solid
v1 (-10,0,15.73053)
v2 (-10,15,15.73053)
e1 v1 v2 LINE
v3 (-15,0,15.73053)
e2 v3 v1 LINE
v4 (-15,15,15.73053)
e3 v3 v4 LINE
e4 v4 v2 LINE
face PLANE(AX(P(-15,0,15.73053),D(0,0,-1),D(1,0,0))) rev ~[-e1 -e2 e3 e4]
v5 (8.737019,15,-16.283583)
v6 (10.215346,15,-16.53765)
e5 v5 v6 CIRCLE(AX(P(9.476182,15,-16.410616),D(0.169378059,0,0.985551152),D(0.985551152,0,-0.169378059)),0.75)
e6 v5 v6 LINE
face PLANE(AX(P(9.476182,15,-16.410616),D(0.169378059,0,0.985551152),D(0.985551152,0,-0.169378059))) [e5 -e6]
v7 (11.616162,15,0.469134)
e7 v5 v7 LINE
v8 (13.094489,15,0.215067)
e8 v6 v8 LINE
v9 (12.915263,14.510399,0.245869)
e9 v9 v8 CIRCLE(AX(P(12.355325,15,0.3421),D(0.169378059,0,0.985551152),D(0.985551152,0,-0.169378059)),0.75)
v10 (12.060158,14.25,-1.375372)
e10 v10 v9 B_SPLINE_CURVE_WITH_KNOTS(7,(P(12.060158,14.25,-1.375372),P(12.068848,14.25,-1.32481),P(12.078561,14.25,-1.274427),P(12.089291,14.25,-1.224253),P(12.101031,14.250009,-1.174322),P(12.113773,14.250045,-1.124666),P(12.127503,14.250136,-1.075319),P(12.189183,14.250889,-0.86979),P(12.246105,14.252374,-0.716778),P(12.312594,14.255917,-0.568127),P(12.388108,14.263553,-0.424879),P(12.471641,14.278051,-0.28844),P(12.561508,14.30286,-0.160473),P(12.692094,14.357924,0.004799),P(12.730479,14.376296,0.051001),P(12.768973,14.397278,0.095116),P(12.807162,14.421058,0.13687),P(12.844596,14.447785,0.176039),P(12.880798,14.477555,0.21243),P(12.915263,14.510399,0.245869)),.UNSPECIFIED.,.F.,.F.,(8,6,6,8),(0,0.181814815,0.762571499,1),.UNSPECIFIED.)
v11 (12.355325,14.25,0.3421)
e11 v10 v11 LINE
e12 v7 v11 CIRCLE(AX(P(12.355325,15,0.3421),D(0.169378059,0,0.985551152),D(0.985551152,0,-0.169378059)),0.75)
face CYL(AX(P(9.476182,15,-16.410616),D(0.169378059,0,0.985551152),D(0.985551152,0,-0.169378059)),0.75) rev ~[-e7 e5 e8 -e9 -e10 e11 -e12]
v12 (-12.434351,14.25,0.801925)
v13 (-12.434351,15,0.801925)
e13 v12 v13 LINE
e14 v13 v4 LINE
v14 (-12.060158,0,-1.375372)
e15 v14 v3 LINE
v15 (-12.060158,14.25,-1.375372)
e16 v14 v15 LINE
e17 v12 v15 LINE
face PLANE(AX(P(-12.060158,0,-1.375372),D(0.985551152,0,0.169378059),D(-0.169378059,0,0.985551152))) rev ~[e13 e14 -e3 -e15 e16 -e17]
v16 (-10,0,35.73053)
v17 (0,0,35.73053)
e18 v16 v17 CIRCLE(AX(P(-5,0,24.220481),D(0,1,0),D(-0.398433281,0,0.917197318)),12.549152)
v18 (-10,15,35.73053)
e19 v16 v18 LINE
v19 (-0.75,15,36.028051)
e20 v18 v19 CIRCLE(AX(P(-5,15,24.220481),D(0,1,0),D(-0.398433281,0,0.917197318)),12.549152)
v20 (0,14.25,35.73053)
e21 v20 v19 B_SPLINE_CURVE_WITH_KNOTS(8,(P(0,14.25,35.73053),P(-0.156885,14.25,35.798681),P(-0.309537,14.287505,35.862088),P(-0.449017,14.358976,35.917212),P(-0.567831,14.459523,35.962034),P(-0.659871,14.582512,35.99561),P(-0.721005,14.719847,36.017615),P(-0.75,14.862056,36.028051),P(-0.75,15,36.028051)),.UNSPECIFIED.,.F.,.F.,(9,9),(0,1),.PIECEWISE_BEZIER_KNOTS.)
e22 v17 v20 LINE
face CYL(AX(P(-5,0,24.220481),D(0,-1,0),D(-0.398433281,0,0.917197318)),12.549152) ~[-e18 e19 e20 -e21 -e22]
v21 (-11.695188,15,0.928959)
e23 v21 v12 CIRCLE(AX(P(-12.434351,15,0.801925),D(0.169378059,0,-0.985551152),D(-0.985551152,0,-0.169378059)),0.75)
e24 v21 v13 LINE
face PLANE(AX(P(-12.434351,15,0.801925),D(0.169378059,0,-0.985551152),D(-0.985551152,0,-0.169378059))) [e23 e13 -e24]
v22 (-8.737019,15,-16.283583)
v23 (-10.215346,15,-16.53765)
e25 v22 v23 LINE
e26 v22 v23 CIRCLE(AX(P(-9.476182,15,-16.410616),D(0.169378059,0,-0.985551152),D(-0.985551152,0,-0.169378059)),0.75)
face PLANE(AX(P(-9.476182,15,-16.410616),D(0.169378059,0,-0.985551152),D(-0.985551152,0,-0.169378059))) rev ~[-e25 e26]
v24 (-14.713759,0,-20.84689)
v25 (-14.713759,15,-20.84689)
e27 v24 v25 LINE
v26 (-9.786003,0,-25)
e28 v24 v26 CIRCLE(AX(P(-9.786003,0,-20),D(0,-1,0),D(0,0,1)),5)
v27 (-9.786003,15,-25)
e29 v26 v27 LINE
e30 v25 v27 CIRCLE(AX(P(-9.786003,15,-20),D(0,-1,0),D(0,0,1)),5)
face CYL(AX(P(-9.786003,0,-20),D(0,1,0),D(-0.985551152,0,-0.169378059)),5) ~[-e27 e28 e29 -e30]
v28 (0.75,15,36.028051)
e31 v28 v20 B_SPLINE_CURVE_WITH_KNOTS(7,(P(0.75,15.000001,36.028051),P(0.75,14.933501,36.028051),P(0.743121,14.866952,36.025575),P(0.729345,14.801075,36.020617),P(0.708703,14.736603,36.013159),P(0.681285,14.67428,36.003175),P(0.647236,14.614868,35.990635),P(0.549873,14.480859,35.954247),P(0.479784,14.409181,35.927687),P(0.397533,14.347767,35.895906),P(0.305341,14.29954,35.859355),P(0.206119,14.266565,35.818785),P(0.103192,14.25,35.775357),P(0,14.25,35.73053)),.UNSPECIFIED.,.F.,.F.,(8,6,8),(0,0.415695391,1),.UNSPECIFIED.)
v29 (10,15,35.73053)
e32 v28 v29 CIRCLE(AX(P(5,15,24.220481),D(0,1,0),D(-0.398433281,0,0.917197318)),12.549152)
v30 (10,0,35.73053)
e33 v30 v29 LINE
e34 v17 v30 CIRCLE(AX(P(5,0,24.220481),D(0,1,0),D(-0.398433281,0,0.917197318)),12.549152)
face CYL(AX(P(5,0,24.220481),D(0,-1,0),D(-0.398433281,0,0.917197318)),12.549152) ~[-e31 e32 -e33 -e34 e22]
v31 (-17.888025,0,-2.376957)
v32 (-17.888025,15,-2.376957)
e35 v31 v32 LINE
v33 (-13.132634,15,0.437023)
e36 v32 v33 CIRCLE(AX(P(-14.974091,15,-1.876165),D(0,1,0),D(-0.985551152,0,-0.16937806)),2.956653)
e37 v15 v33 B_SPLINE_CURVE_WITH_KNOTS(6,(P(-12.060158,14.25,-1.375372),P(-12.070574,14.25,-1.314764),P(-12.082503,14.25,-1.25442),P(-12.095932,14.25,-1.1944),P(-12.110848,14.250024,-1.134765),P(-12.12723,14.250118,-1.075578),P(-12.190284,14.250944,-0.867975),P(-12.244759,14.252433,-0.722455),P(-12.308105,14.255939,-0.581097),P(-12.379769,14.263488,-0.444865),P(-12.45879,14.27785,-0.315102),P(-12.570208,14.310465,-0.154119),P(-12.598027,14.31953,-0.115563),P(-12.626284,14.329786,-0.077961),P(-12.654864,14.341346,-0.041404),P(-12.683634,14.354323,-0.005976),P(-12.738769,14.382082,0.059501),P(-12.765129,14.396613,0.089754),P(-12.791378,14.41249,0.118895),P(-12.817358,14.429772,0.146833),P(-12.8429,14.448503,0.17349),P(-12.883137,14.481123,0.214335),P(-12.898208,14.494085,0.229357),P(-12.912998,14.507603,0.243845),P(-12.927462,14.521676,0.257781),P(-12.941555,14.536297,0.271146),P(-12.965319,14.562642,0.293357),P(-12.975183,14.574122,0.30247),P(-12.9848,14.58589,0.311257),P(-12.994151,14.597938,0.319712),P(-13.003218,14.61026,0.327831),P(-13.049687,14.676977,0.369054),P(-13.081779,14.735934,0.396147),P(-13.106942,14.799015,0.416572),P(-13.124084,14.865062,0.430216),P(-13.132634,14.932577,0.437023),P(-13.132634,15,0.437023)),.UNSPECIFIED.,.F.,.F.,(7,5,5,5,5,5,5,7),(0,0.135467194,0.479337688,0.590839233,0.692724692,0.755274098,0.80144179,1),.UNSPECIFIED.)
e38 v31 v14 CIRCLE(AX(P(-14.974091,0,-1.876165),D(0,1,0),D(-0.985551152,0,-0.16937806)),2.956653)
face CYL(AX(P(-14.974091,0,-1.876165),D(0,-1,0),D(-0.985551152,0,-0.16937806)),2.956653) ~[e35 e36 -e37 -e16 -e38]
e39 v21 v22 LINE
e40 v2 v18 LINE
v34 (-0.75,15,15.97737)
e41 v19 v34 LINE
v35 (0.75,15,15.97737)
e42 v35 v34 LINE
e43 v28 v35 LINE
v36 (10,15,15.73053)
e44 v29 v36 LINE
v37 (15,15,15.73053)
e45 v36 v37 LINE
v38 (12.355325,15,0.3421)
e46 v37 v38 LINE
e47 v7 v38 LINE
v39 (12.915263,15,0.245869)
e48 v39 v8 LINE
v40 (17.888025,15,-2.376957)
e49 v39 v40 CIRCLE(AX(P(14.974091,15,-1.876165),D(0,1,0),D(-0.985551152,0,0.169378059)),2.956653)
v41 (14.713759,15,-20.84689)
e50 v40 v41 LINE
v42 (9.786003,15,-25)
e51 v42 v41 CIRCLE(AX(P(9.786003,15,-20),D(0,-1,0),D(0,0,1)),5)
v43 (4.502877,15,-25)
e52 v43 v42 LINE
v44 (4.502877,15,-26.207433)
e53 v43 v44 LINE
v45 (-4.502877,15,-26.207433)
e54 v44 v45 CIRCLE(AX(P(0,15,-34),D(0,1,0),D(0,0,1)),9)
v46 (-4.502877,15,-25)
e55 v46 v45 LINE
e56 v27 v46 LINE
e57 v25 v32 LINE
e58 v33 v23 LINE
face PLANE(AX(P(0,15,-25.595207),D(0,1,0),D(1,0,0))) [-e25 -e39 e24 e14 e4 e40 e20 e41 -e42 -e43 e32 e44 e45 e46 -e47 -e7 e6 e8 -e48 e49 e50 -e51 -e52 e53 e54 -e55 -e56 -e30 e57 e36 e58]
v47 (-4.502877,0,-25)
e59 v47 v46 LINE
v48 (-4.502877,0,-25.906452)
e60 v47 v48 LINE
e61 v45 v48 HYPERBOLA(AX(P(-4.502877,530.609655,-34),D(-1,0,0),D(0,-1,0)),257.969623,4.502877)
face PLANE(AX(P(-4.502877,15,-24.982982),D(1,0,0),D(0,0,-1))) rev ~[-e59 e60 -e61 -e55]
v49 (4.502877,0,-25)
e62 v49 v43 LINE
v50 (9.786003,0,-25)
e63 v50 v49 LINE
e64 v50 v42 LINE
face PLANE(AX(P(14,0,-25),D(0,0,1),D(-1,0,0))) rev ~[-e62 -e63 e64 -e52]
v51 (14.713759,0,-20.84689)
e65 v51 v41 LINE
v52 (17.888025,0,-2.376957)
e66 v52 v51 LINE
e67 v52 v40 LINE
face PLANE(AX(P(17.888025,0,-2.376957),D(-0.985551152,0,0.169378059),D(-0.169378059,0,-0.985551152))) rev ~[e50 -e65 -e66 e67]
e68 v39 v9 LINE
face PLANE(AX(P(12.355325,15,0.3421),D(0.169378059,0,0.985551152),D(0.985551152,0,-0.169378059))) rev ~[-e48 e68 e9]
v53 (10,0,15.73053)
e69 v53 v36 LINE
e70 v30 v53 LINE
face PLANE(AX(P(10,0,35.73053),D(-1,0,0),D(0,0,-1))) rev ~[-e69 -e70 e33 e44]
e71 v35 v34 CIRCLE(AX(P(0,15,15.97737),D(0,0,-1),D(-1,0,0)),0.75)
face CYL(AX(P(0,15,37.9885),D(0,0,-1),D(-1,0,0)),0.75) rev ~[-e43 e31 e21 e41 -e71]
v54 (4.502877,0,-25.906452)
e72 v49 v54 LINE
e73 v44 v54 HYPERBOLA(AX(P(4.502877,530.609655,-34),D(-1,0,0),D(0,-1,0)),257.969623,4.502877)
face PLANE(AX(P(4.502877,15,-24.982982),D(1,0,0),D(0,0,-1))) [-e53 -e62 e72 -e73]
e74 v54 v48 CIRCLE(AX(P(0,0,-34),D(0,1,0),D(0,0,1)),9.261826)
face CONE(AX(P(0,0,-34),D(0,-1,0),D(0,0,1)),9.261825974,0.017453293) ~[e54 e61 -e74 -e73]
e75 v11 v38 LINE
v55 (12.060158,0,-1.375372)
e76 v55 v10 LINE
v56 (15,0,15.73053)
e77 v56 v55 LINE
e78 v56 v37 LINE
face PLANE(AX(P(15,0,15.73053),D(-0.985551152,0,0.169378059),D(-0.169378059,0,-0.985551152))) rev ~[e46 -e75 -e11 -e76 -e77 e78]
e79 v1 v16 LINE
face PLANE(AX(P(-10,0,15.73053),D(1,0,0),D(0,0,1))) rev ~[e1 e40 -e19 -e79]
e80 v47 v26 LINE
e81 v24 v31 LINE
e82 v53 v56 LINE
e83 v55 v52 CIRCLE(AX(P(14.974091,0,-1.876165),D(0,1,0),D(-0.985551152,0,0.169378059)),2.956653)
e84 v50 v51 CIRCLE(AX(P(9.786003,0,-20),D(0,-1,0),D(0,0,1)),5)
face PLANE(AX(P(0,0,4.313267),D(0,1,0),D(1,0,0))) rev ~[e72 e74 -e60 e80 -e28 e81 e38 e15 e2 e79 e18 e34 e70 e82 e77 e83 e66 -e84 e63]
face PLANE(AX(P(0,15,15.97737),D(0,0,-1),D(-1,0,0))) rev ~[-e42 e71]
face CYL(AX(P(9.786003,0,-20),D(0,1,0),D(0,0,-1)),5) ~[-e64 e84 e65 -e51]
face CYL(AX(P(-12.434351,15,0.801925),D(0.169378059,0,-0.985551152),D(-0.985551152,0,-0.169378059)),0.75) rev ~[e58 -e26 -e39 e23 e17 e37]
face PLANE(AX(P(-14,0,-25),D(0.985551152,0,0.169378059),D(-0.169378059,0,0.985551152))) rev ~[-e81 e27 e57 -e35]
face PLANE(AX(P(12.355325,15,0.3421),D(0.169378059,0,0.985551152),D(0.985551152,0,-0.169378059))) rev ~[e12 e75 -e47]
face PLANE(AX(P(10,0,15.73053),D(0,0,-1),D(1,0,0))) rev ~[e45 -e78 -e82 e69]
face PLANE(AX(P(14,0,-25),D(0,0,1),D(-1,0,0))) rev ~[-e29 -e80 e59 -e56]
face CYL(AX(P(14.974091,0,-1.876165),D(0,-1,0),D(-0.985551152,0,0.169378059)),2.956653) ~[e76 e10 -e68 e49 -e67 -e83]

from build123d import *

# Parameters (mm, degrees)
CROQUIS1_R               = 9
SALIENTE_EXTRUIR1_DEPTH  = 15
CORTAR_BARRER3_PROFILE_R = 0.75
CROQUIS150_W             = 9.005753034
CROQUIS150_H             = 1.22445073
SALIENTE_EXTRUIR2_DEPTH  = 15
NGULO_DE_SALIDA1_ANGLE   = 1
REDONDEO1_R              = 5
CORTAR_BARRER6_PROFILE_R = 0.75
CORTAR_BARRER7_PROFILE_R = 0.75


with BuildPart() as part:
    # Croquis1 → Saliente-Extruir1 (new body)
    with BuildSketch(Plane(origin=(0, 0, 0), x_dir=(1, 0, 0), z_dir=(0, 1, 0))):
        with BuildLine():
            Line((-10, -15.730529609), (-10, -35.730529609))
            ThreePointArc((-10, -35.730529609), (-5, -36.769633088), (0, -35.730529609))
            ThreePointArc((0, -35.730529609), (5, -36.769633088), (10, -35.730529609))
            Line((10, -35.730529609), (10, -15.730529609))
            Line((10, -15.730529609), (15, -15.730529609))
            Line((15, -15.730529609), (12.060158198, 1.375372328))
            ThreePointArc((12.060158198, 1.375372328), (15.474883642, -1.037768667), (17.888024636, 2.376956777))
            Line((17.888024636, 2.376956777), (14, 25))
            Line((14, 25), (9, 25))
            Line((9, 25), (3.3e-08, 25))
            Line((3.3e-08, 25), (-9, 25))
            Line((-9, 25), (-14, 25))
            Line((-14, 25), (-17.888024636, 2.376956777))
            ThreePointArc((-17.888024636, 2.376956777), (-15.474883642, -1.037768667), (-12.060158198, 1.375372328))
            Line((-12.060158198, 1.375372328), (-15, -15.730529609))
            Line((-15, -15.730529609), (-10, -15.730529609))
        make_face()
        with Locations(Location((0, 34, 0), (0, 0, 270))):
            Circle(CROQUIS1_R)
    extrude(amount=SALIENTE_EXTRUIR1_DEPTH)

    # Cortar-Barrer3: sweep along a path in Croquis128
    with BuildLine(Plane(origin=(0, 15, 0), x_dir=(1, 0, 0), z_dir=(0, 1, 0))) as cortar_barrer3_path:
        Line((0, -37.988500145), (0, -15.977369951))
    # Cortar-Barrer3 profile (on start of the path) → Cortar-Barrer3 (sweep, cut)
    with BuildSketch(Plane(origin=(0, 15, 37.988500145), x_dir=(-1, 0, 0), z_dir=(0, 0, -1))):
        Circle(CORTAR_BARRER3_PROFILE_R)
    sweep(path=cortar_barrer3_path.line, mode=Mode.SUBTRACT)

    # Croquis150 → Saliente-Extruir2 (add)
    with BuildSketch(Plane(origin=(0, 15, 0), x_dir=(1, 0, 0), z_dir=(0, 1, 0))):
        with Locations((0, 25.595207467)):
            Rectangle(CROQUIS150_W, CROQUIS150_H)
    extrude(amount=-SALIENTE_EXTRUIR2_DEPTH)

    # Ángulo de salida1
    ngulo_de_salida1_faces = [part.faces().sort_by_distance(p)[0] for p in [
        (0, 7.5, -43),
    ]]
    draft(ngulo_de_salida1_faces, Plane.ZX.offset(15), NGULO_DE_SALIDA1_ANGLE)

    # Redondeo1
    redondeo1_edges = [part.edges().sort_by_distance(p)[0] for p in [
        (14, 7.5, -25),
        (-14, 7.5, -25),
    ]]
    fillet(redondeo1_edges, radius=REDONDEO1_R)

    # Cortar-Barrer6: sweep along a path in Croquis153
    with BuildLine(Plane(origin=(0, 15, 0), x_dir=(1, 0, 0), z_dir=(0, 1, 0))) as cortar_barrer6_path:
        Line((-12.434351293, -0.801925236), (-9.476182309, 16.410616107))
    # Cortar-Barrer6 profile (on start of the path) → Cortar-Barrer6 (sweep, cut)
    with BuildSketch(Plane(origin=(-12.434351293, 15, 0.801925236), x_dir=(-0.9855511518924236, 0, -0.1693780593923461), z_dir=(0.1693780593923461, 0, -0.9855511518924236))):
        Circle(CORTAR_BARRER6_PROFILE_R)
    sweep(path=cortar_barrer6_path.line, mode=Mode.SUBTRACT)

    # Cortar-Barrer7: sweep along a path in Croquis222
    with BuildLine(Plane(origin=(0, 15, 0), x_dir=(1, 0, 0), z_dir=(0, 1, 0))) as cortar_barrer7_path:
        Line((9.476182309, 16.410616107), (12.355325185, -0.342100199))
    # Cortar-Barrer7 profile (on start of the path) → Cortar-Barrer7 (sweep, cut)
    with BuildSketch(Plane(origin=(9.476182309, 15, -16.410616107), x_dir=(0.9855511518924236, 0, -0.16937805939234624), z_dir=(0.16937805939234624, 0, 0.9855511518924236))):
        Circle(CORTAR_BARRER7_PROFILE_R)
    sweep(path=cortar_barrer7_path.line, mode=Mode.SUBTRACT)


solid = part.part
